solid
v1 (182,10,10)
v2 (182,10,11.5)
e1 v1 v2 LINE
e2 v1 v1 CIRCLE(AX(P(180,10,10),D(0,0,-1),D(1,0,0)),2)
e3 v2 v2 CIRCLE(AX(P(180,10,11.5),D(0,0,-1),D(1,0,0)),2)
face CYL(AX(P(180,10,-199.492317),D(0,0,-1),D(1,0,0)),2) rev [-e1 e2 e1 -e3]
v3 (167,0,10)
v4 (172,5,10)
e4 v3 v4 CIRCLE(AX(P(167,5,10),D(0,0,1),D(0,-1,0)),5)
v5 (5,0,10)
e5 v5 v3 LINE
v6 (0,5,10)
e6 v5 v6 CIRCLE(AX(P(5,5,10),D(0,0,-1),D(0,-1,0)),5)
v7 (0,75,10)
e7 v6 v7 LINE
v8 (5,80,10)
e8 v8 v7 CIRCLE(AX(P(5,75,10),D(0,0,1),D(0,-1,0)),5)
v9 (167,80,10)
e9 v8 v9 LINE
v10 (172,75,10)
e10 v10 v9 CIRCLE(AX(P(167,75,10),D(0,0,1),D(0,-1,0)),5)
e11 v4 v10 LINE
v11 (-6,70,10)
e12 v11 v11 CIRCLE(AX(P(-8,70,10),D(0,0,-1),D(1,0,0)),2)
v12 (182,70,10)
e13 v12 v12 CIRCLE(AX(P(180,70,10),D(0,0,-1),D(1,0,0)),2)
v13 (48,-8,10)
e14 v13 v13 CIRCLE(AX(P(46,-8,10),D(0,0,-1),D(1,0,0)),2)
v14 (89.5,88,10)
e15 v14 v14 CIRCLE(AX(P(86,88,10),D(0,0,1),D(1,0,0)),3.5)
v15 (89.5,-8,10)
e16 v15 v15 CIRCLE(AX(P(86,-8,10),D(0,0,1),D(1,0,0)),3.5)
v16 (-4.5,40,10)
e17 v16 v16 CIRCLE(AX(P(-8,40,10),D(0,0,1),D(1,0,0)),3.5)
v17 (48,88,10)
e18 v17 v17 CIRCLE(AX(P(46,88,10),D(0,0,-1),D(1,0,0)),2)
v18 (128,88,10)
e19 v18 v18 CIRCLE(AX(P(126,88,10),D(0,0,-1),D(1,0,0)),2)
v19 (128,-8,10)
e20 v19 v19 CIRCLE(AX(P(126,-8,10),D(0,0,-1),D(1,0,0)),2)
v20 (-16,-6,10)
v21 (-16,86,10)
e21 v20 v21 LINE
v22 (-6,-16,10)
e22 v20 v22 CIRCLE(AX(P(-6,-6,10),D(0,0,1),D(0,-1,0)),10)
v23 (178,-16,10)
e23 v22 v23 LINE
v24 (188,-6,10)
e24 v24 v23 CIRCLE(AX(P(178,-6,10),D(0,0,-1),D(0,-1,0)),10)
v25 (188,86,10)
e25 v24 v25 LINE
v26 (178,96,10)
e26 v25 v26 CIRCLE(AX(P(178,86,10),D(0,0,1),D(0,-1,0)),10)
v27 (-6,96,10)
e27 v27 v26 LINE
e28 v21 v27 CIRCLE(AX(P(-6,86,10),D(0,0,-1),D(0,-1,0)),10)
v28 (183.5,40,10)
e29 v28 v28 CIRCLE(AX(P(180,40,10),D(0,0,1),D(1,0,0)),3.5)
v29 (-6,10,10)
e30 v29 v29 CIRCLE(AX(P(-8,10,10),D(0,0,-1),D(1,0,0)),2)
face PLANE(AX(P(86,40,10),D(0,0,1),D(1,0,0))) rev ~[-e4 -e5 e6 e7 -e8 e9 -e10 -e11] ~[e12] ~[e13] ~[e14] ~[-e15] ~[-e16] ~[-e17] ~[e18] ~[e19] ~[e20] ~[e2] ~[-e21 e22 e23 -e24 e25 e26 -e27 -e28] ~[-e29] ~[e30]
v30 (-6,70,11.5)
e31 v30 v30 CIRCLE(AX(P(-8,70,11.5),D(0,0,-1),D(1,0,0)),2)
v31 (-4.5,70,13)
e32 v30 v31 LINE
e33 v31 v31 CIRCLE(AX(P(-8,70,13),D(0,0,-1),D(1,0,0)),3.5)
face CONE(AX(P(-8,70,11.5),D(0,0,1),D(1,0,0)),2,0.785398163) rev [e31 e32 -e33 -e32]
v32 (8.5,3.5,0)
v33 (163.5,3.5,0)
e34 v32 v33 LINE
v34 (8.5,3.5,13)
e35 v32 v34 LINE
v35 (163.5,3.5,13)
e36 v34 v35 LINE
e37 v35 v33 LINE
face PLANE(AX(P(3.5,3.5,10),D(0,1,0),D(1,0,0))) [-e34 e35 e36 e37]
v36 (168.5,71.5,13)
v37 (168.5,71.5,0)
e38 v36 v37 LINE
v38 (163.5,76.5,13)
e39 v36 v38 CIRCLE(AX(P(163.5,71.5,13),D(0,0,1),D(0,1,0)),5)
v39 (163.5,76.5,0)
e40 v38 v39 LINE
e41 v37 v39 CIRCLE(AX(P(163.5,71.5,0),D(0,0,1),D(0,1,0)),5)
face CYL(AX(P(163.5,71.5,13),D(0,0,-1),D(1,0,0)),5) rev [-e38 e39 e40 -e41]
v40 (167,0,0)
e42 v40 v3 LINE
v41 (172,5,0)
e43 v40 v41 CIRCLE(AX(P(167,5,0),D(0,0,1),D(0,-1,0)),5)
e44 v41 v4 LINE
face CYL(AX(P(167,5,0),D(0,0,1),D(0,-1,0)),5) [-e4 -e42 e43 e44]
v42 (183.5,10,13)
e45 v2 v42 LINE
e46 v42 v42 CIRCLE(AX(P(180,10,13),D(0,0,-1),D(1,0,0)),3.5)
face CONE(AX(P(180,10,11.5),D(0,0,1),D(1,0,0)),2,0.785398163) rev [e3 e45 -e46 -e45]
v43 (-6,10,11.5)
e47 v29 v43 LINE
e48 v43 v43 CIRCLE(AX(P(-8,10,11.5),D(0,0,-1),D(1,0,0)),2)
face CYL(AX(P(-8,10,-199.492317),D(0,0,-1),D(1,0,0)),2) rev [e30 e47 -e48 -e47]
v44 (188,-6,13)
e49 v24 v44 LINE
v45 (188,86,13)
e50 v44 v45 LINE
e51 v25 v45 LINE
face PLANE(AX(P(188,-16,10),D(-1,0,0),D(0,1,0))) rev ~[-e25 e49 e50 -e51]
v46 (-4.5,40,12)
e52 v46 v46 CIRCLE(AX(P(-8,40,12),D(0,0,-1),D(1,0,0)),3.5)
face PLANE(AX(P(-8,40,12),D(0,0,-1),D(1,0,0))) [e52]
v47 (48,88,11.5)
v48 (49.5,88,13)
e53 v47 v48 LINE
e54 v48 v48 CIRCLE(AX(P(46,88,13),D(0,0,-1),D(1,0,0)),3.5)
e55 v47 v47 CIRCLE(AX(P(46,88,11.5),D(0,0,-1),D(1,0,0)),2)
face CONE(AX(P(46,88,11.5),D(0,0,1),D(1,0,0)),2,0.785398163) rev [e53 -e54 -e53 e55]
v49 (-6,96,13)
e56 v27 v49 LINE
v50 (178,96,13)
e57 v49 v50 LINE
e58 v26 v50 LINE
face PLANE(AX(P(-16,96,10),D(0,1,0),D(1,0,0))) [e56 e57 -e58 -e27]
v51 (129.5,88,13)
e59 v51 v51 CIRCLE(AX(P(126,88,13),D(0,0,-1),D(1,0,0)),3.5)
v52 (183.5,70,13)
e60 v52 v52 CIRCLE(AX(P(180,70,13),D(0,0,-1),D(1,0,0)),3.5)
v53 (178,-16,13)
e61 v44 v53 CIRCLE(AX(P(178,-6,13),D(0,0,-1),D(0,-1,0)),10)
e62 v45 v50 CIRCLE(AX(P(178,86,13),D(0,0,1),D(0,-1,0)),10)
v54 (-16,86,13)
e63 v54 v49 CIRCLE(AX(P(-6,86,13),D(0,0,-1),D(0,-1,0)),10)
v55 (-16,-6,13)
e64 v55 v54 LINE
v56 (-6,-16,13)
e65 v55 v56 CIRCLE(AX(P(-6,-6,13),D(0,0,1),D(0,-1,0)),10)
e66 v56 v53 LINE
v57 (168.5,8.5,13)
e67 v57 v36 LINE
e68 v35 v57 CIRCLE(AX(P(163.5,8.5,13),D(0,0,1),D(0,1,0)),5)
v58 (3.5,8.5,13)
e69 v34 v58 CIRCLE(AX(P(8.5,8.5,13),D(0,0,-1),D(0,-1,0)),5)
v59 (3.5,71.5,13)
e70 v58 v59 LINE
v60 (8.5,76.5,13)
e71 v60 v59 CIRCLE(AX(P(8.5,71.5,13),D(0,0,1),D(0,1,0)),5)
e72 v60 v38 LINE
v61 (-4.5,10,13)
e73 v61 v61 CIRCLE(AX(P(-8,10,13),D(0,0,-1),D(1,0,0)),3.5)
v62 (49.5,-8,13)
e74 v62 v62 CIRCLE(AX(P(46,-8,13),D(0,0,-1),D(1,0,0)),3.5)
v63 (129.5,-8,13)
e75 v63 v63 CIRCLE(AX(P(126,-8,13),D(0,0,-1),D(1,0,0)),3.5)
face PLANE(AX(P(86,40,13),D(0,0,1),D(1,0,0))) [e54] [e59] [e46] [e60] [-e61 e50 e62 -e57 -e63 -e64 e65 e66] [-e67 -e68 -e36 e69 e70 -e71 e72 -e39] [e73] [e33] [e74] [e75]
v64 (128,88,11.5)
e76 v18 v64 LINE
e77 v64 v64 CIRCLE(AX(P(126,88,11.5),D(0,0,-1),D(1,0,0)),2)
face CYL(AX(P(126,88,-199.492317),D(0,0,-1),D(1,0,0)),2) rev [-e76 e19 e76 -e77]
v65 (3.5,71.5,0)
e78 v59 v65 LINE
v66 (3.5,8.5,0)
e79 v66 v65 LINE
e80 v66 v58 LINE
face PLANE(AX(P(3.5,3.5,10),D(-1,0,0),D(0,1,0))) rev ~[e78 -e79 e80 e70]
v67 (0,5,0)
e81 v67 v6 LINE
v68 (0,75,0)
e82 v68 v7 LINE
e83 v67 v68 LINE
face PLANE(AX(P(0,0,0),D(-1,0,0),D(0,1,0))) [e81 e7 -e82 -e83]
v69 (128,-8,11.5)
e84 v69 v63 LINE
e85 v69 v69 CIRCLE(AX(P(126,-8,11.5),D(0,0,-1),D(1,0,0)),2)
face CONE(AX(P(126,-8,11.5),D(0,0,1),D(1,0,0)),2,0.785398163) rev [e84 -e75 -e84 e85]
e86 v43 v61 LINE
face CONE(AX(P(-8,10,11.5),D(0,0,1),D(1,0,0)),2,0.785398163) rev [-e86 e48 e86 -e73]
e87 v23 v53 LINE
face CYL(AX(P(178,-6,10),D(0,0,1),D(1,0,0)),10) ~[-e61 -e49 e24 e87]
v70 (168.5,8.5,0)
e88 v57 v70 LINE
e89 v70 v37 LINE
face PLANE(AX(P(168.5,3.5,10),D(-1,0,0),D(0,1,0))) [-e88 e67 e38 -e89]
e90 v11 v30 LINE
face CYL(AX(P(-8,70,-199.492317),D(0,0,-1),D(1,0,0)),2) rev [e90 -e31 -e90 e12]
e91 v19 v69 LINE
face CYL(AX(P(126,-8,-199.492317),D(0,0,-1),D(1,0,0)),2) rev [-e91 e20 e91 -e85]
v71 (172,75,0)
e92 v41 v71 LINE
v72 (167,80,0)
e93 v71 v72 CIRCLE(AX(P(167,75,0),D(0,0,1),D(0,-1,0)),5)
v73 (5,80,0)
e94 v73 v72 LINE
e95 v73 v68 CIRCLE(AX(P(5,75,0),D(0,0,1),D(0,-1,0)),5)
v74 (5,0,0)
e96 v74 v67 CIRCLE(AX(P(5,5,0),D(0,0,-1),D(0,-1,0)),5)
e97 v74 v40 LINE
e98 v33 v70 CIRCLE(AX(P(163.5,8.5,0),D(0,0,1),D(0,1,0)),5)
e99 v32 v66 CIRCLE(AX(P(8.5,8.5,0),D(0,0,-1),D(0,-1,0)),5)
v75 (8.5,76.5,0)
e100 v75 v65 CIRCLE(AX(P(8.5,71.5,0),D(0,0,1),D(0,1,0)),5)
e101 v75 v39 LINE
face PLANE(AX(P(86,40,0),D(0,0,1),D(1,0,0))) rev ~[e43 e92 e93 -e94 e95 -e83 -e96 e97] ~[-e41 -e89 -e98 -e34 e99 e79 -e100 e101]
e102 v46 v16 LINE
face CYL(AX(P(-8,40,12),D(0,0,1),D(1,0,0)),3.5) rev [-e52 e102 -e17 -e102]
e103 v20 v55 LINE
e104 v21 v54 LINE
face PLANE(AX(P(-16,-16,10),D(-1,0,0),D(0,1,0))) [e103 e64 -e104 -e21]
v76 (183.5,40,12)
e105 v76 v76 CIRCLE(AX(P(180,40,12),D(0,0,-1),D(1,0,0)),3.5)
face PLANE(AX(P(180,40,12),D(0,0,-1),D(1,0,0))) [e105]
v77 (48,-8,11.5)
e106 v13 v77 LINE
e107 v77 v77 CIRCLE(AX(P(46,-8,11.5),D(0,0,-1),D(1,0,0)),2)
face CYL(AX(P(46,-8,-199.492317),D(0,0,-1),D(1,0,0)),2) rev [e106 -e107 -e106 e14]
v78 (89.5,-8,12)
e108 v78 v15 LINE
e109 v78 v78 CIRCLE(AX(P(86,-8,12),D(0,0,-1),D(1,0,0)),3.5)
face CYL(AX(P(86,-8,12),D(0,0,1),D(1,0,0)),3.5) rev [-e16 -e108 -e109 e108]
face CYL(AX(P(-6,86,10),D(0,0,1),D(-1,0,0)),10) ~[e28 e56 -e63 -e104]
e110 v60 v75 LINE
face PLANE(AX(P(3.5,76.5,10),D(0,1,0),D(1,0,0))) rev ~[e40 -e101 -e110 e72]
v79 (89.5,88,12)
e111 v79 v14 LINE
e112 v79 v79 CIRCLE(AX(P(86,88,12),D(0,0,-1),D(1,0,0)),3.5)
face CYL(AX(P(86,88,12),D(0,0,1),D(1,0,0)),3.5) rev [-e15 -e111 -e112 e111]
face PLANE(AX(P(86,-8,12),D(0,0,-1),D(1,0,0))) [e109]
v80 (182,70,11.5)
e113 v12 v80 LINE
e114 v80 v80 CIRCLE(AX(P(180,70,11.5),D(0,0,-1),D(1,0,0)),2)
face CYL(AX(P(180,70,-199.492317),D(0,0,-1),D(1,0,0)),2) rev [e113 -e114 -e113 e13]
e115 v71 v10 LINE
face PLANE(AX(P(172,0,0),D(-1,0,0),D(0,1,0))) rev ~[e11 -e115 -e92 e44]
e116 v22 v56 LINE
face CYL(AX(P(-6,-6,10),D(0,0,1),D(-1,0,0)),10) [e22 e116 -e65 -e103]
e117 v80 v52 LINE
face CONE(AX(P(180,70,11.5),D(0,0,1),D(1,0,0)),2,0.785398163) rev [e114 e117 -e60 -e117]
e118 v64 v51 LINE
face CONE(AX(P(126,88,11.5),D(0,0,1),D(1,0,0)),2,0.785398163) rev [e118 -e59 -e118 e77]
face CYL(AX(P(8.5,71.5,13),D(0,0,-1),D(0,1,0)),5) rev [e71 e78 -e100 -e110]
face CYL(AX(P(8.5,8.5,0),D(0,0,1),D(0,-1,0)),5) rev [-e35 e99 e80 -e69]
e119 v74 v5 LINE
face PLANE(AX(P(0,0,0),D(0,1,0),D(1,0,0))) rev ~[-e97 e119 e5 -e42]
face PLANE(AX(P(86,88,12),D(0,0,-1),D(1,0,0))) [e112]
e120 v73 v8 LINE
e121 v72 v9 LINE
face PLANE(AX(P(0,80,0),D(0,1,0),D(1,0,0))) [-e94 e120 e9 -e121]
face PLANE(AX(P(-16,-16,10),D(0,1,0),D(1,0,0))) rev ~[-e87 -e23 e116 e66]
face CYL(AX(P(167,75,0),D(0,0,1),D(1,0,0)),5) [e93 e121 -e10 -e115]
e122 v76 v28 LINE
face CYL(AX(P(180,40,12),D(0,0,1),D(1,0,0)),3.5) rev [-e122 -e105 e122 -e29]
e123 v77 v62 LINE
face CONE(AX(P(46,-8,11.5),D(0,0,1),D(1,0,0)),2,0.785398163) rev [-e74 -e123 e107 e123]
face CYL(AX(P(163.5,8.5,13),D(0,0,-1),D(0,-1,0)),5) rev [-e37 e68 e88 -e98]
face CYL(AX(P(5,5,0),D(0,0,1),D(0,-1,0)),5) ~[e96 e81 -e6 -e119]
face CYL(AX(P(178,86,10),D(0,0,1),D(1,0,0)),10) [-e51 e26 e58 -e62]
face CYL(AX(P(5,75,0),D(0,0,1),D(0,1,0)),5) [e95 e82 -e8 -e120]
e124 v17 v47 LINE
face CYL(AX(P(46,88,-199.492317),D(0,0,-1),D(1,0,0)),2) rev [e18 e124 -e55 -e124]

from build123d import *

# Parameters (mm, degrees)
ESQUISSE1_W                  = 172
ESQUISSE1_H                  = 80
ESQUISSE1_W_2                = 165
ESQUISSE1_H_2                = 73
BOSS_EXTRU_1_DEPTH           = 10
ESQUISSE2_W                  = 204
ESQUISSE2_H                  = 112
ESQUISSE2_W_2                = 165
ESQUISSE2_H_2                = 73
BOSS_EXTRU_2_DEPTH           = 3
CONG_1_R                     = 10
CONG_2_R                     = 5
ENL_V_MAT_EXTRU_1_DEPTH      = 212.329127193
ENL_V_MAT_EXTRU_1_DEPTH_BACK = 2
ESQUISSE3_R                  = 3.5
ENL_V_MAT_EXTRU_2_DEPTH      = 212.492316645
ENL_V_MAT_EXTRU_2_DEPTH_BACK = 212.492316645
ESQUISSE4_R                  = 2
CHANFREIN1_SIZE              = 1.5


with BuildPart() as part:
    # Esquisse1 → Boss.-Extru.1 (new body)
    with BuildSketch(Plane.XY):
        with Locations((86, 40)):
            Rectangle(ESQUISSE1_W, ESQUISSE1_H)
        with Locations((86, 40)):
            Rectangle(ESQUISSE1_W_2, ESQUISSE1_H_2, mode=Mode.SUBTRACT)
    extrude(amount=BOSS_EXTRU_1_DEPTH)

    # Esquisse2 → Boss.-Extru.2 (add)
    with BuildSketch(Plane.XY.offset(10)):
        with Locations((86, 40)):
            Rectangle(ESQUISSE2_W, ESQUISSE2_H)
        with Locations((86, 40)):
            Rectangle(ESQUISSE2_W_2, ESQUISSE2_H_2, mode=Mode.SUBTRACT)
    extrude(amount=BOSS_EXTRU_2_DEPTH)

    # Congé1
    cong_1_edges = [part.edges().sort_by_distance(p)[0] for p in [
        (-16, 96, 11.5),
        (-16, -16, 11.5),
        (188, -16, 11.5),
        (188, 96, 11.5),
    ]]
    fillet(cong_1_edges, radius=CONG_1_R)

    # Congé2
    cong_2_edges = [part.edges().sort_by_distance(p)[0] for p in [
        (3.5, 76.5, 6.5),
        (3.5, 3.5, 6.5),
        (168.5, 3.5, 6.5),
        (168.5, 76.5, 6.5),
        (0, 80, 5),
        (172, 80, 5),
        (172, 0, 5),
        (0, 0, 5),
    ]]
    fillet(cong_2_edges, radius=CONG_2_R)

    # Esquisse3 → Enlèv. mat.-Extru.1 (cut, two sides: drawn at the far end of the back side and taken through both)
    with BuildSketch(Plane(origin=(0, 0, 10), x_dir=(-1, 0, 0), z_dir=(0, 0, -1)).offset(-ENL_V_MAT_EXTRU_1_DEPTH_BACK)):
        with Locations(Location((-180, 40, 0), (0, 0, 180))):
            Circle(ESQUISSE3_R)
        with Locations(Location((8, 40, 0), (0, 0, 180))):
            Circle(ESQUISSE3_R)
        with Locations(Location((-86, -8, 0), (0, 0, 180))):
            Circle(ESQUISSE3_R)
        with Locations(Location((-86, 88, 0), (0, 0, 180))):
            Circle(ESQUISSE3_R)
    extrude(amount=ENL_V_MAT_EXTRU_1_DEPTH + ENL_V_MAT_EXTRU_1_DEPTH_BACK, mode=Mode.SUBTRACT)

    # Esquisse4 → Enlèv. mat.-Extru.2 (cut, two sides: drawn at the far end of the back side and taken through both)
    with BuildSketch(Plane.XY.offset(13).offset(-ENL_V_MAT_EXTRU_2_DEPTH_BACK)):
        with Locations((-8, 70)):
            Circle(ESQUISSE4_R)
        with Locations((-8, 10)):
            Circle(ESQUISSE4_R)
        with Locations((180, 10)):
            Circle(ESQUISSE4_R)
        with Locations((180, 70)):
            Circle(ESQUISSE4_R)
        with Locations((46, 88)):
            Circle(ESQUISSE4_R)
        with Locations((126, 88)):
            Circle(ESQUISSE4_R)
        with Locations((126, -8)):
            Circle(ESQUISSE4_R)
        with Locations((46, -8)):
            Circle(ESQUISSE4_R)
    extrude(amount=ENL_V_MAT_EXTRU_2_DEPTH + ENL_V_MAT_EXTRU_2_DEPTH_BACK, mode=Mode.SUBTRACT)

    # Chanfrein1
    chanfrein1_edges = [part.edges().sort_by_distance(p)[0] for p in [
        (-10, 70, 13),
        (44, -8, 13),
        (124, -8, 13),
        (124, 88, 13),
        (44, 88, 13),
        (178, 70, 13),
        (178, 10, 13),
        (-10, 10, 13),
    ]]
    chamfer(chanfrein1_edges, length=CHANFREIN1_SIZE)


solid = part.part
